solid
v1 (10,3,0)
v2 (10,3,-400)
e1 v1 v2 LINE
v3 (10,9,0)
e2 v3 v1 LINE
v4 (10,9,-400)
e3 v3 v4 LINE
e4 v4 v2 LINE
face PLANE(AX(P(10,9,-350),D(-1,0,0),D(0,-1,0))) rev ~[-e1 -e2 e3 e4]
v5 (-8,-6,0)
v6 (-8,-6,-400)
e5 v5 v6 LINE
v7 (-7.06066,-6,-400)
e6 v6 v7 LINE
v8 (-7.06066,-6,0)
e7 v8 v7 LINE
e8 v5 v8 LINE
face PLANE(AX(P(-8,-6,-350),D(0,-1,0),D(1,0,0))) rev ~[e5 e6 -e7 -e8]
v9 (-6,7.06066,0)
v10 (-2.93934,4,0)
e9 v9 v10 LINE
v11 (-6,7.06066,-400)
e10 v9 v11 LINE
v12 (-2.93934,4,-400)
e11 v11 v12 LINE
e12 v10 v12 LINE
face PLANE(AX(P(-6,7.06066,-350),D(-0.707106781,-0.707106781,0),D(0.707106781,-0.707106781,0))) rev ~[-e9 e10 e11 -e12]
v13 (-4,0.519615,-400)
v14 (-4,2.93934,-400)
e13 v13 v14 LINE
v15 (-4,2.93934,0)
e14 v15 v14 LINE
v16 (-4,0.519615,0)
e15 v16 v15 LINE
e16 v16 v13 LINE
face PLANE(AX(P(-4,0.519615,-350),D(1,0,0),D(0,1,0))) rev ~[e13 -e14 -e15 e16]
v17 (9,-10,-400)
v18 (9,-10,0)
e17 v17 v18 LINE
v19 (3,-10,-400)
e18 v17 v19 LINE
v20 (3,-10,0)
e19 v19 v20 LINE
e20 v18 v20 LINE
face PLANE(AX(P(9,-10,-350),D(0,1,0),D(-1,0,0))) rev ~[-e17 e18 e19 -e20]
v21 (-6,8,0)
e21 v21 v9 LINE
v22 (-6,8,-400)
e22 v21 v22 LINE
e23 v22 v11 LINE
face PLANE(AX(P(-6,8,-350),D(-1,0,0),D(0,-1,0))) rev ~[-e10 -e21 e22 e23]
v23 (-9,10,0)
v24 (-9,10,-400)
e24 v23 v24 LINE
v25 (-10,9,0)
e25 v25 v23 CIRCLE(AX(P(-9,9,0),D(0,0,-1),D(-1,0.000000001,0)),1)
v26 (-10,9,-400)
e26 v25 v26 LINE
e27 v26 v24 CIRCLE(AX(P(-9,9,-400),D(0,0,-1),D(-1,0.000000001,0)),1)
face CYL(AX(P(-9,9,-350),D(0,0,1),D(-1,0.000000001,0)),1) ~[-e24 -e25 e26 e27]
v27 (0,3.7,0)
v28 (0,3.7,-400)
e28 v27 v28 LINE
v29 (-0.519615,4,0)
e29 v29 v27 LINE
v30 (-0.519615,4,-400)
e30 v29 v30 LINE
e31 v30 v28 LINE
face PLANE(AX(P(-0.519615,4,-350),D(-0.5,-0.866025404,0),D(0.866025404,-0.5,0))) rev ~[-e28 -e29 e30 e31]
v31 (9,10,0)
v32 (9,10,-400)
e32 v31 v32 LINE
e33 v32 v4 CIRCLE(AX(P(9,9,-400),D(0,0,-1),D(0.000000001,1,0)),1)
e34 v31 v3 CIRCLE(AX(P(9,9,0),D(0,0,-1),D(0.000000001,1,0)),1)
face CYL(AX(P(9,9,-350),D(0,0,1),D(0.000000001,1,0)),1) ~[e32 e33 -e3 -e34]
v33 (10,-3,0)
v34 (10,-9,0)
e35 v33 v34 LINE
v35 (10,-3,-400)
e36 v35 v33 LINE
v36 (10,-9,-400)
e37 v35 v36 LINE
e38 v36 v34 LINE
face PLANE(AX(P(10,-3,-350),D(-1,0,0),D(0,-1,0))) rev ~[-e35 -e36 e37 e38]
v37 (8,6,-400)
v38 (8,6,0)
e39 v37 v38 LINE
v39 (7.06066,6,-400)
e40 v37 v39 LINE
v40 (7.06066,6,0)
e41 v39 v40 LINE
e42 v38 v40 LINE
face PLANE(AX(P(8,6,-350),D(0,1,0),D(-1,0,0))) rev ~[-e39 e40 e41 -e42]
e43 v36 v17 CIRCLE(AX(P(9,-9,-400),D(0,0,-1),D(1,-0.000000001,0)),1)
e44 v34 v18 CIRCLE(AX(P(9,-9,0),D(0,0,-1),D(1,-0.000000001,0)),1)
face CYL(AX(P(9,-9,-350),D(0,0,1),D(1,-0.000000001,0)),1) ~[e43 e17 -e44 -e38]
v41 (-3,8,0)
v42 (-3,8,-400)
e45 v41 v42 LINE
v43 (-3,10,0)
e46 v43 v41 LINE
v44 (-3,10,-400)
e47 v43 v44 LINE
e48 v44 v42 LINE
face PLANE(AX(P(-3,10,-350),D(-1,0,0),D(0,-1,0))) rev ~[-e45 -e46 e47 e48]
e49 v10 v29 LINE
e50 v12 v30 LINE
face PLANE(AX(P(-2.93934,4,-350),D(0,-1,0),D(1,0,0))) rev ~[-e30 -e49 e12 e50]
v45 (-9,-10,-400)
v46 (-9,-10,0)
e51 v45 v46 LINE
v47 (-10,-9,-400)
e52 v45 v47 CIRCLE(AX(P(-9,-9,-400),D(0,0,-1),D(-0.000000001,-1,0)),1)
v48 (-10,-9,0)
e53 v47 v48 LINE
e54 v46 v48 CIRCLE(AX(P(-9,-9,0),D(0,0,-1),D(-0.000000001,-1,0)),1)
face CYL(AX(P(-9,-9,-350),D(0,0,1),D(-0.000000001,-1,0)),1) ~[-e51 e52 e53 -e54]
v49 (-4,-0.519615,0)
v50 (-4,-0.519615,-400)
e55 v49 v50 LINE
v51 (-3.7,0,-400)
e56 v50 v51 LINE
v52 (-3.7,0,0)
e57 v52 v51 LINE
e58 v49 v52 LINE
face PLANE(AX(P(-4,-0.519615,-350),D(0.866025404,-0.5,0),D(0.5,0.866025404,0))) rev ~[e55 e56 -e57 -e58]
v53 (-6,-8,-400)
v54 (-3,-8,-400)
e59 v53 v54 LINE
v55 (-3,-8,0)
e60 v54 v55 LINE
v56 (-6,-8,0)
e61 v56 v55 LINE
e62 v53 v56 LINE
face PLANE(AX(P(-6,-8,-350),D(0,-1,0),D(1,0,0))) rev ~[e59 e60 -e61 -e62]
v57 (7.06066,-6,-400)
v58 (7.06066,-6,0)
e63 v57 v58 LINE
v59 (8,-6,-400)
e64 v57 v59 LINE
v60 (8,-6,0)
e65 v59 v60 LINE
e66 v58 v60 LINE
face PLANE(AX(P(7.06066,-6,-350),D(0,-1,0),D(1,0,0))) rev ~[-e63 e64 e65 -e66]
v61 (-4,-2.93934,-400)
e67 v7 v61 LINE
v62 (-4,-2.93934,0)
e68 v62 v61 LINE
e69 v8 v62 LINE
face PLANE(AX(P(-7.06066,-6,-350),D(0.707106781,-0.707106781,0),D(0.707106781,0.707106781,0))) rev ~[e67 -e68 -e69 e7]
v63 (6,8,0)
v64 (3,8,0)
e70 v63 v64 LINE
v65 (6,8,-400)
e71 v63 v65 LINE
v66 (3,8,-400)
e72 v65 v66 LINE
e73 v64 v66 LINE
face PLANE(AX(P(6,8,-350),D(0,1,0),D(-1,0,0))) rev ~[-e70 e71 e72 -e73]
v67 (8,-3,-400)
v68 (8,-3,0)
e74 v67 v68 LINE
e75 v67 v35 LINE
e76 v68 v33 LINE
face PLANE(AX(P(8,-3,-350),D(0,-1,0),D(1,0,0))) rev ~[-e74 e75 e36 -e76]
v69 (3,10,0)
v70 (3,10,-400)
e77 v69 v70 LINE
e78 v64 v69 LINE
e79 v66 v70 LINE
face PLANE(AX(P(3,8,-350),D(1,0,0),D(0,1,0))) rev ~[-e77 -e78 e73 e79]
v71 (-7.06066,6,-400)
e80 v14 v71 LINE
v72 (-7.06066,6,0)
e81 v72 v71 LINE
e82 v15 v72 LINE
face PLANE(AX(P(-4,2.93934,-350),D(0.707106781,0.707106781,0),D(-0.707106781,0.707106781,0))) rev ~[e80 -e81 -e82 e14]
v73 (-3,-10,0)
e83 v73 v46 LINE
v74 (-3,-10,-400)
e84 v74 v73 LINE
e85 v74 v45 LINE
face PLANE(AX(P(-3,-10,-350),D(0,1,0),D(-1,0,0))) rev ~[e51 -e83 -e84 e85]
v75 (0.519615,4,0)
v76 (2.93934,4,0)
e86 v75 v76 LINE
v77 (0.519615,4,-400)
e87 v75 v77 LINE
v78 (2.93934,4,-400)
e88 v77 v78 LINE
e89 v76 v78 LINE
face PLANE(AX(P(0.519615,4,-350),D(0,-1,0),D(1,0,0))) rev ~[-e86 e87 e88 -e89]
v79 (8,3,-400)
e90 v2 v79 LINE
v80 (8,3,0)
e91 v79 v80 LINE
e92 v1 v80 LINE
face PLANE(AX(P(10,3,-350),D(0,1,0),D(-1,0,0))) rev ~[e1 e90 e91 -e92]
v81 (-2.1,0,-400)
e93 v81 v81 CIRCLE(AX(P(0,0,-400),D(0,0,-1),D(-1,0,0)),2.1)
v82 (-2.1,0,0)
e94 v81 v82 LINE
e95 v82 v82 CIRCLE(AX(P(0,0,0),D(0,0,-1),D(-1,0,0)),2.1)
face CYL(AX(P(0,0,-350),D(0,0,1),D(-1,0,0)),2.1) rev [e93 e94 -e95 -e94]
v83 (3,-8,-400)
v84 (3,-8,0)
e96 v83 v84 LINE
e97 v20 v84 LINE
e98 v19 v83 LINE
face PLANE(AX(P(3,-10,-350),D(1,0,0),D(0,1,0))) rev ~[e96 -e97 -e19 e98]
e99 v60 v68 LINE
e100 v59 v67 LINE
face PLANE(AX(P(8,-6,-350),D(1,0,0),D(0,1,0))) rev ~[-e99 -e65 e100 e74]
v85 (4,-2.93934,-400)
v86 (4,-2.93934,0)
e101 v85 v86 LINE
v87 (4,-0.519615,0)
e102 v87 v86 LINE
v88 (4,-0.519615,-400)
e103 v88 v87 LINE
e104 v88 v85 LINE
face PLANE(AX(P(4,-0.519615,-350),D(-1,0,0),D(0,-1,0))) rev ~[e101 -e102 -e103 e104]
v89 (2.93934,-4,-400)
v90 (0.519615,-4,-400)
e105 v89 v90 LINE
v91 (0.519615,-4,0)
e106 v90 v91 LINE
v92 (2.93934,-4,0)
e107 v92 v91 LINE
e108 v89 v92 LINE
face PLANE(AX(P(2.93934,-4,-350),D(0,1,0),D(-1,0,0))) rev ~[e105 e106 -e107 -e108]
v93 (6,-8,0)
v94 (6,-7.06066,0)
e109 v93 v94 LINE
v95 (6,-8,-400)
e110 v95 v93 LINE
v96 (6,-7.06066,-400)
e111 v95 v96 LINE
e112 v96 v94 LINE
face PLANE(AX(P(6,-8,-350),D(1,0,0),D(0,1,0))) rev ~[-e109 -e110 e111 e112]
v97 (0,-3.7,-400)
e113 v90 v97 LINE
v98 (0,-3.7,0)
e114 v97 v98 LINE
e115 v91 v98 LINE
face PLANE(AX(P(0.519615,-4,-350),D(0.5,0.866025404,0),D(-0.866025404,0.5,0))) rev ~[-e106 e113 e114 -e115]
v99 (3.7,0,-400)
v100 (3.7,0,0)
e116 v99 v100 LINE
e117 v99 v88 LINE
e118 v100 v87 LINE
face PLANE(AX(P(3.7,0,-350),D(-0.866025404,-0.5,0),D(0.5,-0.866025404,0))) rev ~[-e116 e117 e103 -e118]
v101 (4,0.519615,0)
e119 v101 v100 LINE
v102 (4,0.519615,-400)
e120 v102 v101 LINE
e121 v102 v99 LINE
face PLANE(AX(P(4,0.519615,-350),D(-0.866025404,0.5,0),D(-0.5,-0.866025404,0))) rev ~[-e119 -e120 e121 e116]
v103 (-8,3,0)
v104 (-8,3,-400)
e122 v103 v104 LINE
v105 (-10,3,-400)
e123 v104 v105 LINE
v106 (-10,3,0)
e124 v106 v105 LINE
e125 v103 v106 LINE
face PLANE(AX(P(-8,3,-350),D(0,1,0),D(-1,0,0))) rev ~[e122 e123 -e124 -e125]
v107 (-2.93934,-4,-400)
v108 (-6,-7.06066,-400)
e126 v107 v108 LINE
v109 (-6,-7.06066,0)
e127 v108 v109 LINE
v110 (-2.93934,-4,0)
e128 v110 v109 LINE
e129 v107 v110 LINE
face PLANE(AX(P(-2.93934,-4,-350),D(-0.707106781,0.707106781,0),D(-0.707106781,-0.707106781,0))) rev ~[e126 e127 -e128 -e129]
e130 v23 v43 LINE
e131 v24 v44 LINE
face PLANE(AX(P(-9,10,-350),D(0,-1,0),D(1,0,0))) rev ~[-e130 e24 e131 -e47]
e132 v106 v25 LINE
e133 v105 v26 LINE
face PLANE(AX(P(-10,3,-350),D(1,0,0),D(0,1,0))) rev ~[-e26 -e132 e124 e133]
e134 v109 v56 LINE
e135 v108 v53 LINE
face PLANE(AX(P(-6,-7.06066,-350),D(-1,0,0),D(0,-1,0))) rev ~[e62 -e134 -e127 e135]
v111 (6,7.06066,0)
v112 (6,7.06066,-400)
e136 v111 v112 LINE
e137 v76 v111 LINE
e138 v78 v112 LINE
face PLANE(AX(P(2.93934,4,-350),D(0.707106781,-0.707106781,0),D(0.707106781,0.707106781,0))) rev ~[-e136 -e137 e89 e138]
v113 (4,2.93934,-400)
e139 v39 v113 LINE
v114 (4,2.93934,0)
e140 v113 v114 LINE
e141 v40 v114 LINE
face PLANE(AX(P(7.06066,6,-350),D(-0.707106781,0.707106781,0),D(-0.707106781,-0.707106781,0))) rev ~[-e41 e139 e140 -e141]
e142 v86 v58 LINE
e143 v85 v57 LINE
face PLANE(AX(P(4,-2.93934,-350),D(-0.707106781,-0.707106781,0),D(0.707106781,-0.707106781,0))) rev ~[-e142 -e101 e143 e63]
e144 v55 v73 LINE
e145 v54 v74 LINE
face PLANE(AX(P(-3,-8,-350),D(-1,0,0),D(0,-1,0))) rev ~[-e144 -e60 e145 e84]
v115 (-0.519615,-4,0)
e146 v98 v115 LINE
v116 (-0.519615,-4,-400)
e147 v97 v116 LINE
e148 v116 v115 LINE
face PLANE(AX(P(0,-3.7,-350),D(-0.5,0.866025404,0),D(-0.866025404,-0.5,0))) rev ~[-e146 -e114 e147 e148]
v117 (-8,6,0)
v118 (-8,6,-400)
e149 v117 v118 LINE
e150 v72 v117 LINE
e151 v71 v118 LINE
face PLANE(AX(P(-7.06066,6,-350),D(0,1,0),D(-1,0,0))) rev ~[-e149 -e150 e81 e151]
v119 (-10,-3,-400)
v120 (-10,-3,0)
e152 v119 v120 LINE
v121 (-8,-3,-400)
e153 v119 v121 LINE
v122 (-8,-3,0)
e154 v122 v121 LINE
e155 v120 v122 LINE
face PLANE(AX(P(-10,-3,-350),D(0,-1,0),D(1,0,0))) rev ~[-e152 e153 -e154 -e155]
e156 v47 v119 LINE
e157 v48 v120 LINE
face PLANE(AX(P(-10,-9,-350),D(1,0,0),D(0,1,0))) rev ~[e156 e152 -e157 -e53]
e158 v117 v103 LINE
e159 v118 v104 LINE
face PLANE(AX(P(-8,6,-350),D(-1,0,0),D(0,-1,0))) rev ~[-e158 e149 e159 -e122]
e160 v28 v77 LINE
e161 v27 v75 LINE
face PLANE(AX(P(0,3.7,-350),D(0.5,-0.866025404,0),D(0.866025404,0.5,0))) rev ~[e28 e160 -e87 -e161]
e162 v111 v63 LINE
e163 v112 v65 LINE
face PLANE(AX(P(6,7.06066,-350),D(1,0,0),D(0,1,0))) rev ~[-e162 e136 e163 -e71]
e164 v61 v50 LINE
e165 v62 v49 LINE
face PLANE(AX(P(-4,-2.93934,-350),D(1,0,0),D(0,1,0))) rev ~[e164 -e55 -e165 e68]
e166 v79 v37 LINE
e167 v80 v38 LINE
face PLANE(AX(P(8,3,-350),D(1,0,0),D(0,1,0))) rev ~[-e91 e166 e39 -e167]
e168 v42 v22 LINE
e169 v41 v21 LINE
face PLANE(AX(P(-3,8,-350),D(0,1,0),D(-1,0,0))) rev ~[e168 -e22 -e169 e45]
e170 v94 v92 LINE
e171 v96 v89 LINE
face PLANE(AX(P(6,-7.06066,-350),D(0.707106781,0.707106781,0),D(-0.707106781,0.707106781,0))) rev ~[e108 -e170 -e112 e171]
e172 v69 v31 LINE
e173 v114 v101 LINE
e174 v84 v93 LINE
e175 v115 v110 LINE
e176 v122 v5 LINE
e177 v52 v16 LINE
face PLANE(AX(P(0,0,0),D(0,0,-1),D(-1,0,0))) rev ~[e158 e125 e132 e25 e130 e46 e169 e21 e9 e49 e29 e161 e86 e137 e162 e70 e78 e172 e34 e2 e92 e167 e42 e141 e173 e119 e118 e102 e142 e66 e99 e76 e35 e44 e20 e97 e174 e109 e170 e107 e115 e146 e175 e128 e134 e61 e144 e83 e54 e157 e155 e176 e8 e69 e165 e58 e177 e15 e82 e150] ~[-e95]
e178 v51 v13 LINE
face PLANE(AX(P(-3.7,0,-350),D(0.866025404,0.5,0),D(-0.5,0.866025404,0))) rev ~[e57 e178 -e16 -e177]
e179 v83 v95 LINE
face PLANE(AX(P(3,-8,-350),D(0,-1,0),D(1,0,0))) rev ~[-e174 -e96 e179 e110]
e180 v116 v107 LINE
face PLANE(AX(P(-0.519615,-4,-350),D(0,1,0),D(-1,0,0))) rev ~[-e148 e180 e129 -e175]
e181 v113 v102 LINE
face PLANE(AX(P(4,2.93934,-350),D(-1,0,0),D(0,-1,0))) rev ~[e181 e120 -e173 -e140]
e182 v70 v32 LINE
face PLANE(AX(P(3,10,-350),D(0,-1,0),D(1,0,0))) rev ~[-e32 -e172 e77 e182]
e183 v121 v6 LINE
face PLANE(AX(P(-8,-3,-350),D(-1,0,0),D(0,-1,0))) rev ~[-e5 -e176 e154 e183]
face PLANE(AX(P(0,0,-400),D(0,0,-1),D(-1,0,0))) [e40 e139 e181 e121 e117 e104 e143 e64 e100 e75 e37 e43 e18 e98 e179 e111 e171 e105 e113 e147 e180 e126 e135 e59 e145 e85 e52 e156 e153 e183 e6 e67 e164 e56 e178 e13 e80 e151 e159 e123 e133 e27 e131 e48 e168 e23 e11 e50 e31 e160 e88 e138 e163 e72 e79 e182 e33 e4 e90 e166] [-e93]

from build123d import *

# Parameters (mm, degrees)
SKETCH1_R           = 2.1
BOSS_EXTRUDE1_DEPTH = 350
SKETCH2_R           = 2.1
BOSS_EXTRUDE2_DEPTH = 50


with BuildPart() as part:
    # Sketch1 → Boss-Extrude1 (new body)
    with BuildSketch(Plane(origin=(0, 0, -350), x_dir=(-1, 0, 0), z_dir=(0, 0, -1))):
        with BuildLine():
            Line((8, -3), (8, -6))
            Line((8, -6), (7.060660172, -6))
            Line((7.060660172, -6), (4, -2.939339828))
            Line((4, -2.939339828), (4, -0.519615242))
            Line((4, -0.519615242), (3.7, 0))
            Line((3.7, 0), (4, 0.519615242))
            Line((4, 0.519615242), (4, 2.939339828))
            Line((4, 2.939339828), (7.060660172, 6))
            Line((7.060660172, 6), (8, 6))
            Line((8, 6), (8, 3))
            Line((8, 3), (10, 3))
            Line((10, 3), (10, 9))
            ThreePointArc((10, 9), (9.707106781, 9.707106781), (9, 10))
            Line((9, 10), (3, 10))
            Line((3, 10), (3, 8))
            Line((3, 8), (6, 8))
            Line((6, 8), (6, 7.060660172))
            Line((6, 7.060660172), (2.939339828, 4))
            Line((2.939339828, 4), (0.519615242, 4))
            Line((0.519615242, 4), (0, 3.7))
            Line((0, 3.7), (-0.519615242, 4))
            Line((-0.519615242, 4), (-2.939339828, 4))
            Line((-2.939339828, 4), (-6, 7.060660172))
            Line((-6, 7.060660172), (-6, 8))
            Line((-6, 8), (-3, 8))
            Line((-3, 8), (-3, 10))
            Line((-3, 10), (-9, 10))
            ThreePointArc((-9, 10), (-9.707106781, 9.707106781), (-10, 9))
            Line((-10, 9), (-10, 3))
            Line((-10, 3), (-8, 3))
            Line((-8, 3), (-8, 6))
            Line((-8, 6), (-7.060660172, 6))
            Line((-7.060660172, 6), (-4, 2.939339828))
            Line((-4, 2.939339828), (-4, 0.519615242))
            Line((-4, 0.519615242), (-3.7, 0))
            Line((-3.7, 0), (-4, -0.519615242))
            Line((-4, -0.519615242), (-4, -2.939339828))
            Line((-4, -2.939339828), (-7.060660172, -6))
            Line((-7.060660172, -6), (-8, -6))
            Line((-8, -6), (-8, -3))
            Line((-8, -3), (-10, -3))
            Line((-10, -3), (-10, -9))
            ThreePointArc((-10, -9), (-9.707106781, -9.707106781), (-9, -10))
            Line((-9, -10), (-3, -10))
            Line((-3, -10), (-3, -8))
            Line((-3, -8), (-6, -8))
            Line((-6, -8), (-6, -7.060660172))
            Line((-6, -7.060660172), (-2.939339828, -4))
            Line((-2.939339828, -4), (-0.519615242, -4))
            Line((-0.519615242, -4), (0, -3.7))
            Line((0, -3.7), (0.519615242, -4))
            Line((0.519615242, -4), (2.939339828, -4))
            Line((2.939339828, -4), (6, -7.060660172))
            Line((6, -7.060660172), (6, -8))
            Line((6, -8), (3, -8))
            Line((3, -8), (3, -10))
            Line((3, -10), (9, -10))
            ThreePointArc((9, -10), (9.707106781, -9.707106781), (10, -9))
            Line((10, -9), (10, -3))
            Line((10, -3), (8, -3))
        make_face()
        Circle(SKETCH1_R, mode=Mode.SUBTRACT)
    extrude(amount=-BOSS_EXTRUDE1_DEPTH)

    # Sketch2 → Boss-Extrude2 (add)
    with BuildSketch(Plane(origin=(0, 0, -350), x_dir=(-1, 0, 0), z_dir=(0, 0, -1))):
        with BuildLine():
            Line((10, -3), (8, -3))
            Line((8, -3), (8, -6))
            Line((8, -6), (7.060660172, -6))
            Line((7.060660172, -6), (4, -2.939339828))
            Line((4, -2.939339828), (4, -0.519615242))
            Line((4, -0.519615242), (3.7, 0))
            Line((3.7, 0), (4, 0.519615242))
            Line((4, 0.519615242), (4, 2.939339828))
            Line((4, 2.939339828), (7.060660172, 6))
            Line((7.060660172, 6), (8, 6))
            Line((8, 6), (8, 3))
            Line((8, 3), (10, 3))
            Line((10, 3), (10, 9))
            ThreePointArc((10, 9), (9.707106781, 9.707106781), (9, 10))
            Line((9, 10), (3, 10))
            Line((3, 10), (3, 8))
            Line((3, 8), (6, 8))
            Line((6, 8), (6, 7.060660172))
            Line((6, 7.060660172), (2.939339828, 4))
            Line((2.939339828, 4), (0.519615242, 4))
            Line((0.519615242, 4), (0, 3.7))
            Line((0, 3.7), (-0.519615242, 4))
            Line((-0.519615242, 4), (-2.939339828, 4))
            Line((-2.939339828, 4), (-6, 7.060660172))
            Line((-6, 7.060660172), (-6, 8))
            Line((-6, 8), (-3, 8))
            Line((-3, 8), (-3, 10))
            Line((-3, 10), (-9, 10))
            ThreePointArc((-9, 10), (-9.707106781, 9.707106781), (-10, 9))
            Line((-10, 9), (-10, 3))
            Line((-10, 3), (-8, 3))
            Line((-8, 3), (-8, 6))
            Line((-8, 6), (-7.060660172, 6))
            Line((-7.060660172, 6), (-4, 2.939339828))
            Line((-4, 2.939339828), (-4, 0.519615242))
            Line((-4, 0.519615242), (-3.7, 0))
            Line((-3.7, 0), (-4, -0.519615242))
            Line((-4, -0.519615242), (-4, -2.939339828))
            Line((-4, -2.939339828), (-7.060660172, -6))
            Line((-7.060660172, -6), (-8, -6))
            Line((-8, -6), (-8, -3))
            Line((-8, -3), (-10, -3))
            Line((-10, -3), (-10, -9))
            ThreePointArc((-10, -9), (-9.707106781, -9.707106781), (-9, -10))
            Line((-9, -10), (-3, -10))
            Line((-3, -10), (-3, -8))
            Line((-3, -8), (-6, -8))
            Line((-6, -8), (-6, -7.060660172))
            Line((-6, -7.060660172), (-2.939339828, -4))
            Line((-2.939339828, -4), (-0.519615242, -4))
            Line((-0.519615242, -4), (0, -3.7))
            Line((0, -3.7), (0.519615242, -4))
            Line((0.519615242, -4), (2.939339828, -4))
            Line((2.939339828, -4), (6, -7.060660172))
            Line((6, -7.060660172), (6, -8))
            Line((6, -8), (3, -8))
            Line((3, -8), (3, -10))
            Line((3, -10), (9, -10))
            ThreePointArc((9, -10), (9.707106781, -9.707106781), (10, -9))
            Line((10, -9), (10, -3))
        make_face()
        Circle(SKETCH2_R, mode=Mode.SUBTRACT)
    extrude(amount=BOSS_EXTRUDE2_DEPTH)


solid = part.part
